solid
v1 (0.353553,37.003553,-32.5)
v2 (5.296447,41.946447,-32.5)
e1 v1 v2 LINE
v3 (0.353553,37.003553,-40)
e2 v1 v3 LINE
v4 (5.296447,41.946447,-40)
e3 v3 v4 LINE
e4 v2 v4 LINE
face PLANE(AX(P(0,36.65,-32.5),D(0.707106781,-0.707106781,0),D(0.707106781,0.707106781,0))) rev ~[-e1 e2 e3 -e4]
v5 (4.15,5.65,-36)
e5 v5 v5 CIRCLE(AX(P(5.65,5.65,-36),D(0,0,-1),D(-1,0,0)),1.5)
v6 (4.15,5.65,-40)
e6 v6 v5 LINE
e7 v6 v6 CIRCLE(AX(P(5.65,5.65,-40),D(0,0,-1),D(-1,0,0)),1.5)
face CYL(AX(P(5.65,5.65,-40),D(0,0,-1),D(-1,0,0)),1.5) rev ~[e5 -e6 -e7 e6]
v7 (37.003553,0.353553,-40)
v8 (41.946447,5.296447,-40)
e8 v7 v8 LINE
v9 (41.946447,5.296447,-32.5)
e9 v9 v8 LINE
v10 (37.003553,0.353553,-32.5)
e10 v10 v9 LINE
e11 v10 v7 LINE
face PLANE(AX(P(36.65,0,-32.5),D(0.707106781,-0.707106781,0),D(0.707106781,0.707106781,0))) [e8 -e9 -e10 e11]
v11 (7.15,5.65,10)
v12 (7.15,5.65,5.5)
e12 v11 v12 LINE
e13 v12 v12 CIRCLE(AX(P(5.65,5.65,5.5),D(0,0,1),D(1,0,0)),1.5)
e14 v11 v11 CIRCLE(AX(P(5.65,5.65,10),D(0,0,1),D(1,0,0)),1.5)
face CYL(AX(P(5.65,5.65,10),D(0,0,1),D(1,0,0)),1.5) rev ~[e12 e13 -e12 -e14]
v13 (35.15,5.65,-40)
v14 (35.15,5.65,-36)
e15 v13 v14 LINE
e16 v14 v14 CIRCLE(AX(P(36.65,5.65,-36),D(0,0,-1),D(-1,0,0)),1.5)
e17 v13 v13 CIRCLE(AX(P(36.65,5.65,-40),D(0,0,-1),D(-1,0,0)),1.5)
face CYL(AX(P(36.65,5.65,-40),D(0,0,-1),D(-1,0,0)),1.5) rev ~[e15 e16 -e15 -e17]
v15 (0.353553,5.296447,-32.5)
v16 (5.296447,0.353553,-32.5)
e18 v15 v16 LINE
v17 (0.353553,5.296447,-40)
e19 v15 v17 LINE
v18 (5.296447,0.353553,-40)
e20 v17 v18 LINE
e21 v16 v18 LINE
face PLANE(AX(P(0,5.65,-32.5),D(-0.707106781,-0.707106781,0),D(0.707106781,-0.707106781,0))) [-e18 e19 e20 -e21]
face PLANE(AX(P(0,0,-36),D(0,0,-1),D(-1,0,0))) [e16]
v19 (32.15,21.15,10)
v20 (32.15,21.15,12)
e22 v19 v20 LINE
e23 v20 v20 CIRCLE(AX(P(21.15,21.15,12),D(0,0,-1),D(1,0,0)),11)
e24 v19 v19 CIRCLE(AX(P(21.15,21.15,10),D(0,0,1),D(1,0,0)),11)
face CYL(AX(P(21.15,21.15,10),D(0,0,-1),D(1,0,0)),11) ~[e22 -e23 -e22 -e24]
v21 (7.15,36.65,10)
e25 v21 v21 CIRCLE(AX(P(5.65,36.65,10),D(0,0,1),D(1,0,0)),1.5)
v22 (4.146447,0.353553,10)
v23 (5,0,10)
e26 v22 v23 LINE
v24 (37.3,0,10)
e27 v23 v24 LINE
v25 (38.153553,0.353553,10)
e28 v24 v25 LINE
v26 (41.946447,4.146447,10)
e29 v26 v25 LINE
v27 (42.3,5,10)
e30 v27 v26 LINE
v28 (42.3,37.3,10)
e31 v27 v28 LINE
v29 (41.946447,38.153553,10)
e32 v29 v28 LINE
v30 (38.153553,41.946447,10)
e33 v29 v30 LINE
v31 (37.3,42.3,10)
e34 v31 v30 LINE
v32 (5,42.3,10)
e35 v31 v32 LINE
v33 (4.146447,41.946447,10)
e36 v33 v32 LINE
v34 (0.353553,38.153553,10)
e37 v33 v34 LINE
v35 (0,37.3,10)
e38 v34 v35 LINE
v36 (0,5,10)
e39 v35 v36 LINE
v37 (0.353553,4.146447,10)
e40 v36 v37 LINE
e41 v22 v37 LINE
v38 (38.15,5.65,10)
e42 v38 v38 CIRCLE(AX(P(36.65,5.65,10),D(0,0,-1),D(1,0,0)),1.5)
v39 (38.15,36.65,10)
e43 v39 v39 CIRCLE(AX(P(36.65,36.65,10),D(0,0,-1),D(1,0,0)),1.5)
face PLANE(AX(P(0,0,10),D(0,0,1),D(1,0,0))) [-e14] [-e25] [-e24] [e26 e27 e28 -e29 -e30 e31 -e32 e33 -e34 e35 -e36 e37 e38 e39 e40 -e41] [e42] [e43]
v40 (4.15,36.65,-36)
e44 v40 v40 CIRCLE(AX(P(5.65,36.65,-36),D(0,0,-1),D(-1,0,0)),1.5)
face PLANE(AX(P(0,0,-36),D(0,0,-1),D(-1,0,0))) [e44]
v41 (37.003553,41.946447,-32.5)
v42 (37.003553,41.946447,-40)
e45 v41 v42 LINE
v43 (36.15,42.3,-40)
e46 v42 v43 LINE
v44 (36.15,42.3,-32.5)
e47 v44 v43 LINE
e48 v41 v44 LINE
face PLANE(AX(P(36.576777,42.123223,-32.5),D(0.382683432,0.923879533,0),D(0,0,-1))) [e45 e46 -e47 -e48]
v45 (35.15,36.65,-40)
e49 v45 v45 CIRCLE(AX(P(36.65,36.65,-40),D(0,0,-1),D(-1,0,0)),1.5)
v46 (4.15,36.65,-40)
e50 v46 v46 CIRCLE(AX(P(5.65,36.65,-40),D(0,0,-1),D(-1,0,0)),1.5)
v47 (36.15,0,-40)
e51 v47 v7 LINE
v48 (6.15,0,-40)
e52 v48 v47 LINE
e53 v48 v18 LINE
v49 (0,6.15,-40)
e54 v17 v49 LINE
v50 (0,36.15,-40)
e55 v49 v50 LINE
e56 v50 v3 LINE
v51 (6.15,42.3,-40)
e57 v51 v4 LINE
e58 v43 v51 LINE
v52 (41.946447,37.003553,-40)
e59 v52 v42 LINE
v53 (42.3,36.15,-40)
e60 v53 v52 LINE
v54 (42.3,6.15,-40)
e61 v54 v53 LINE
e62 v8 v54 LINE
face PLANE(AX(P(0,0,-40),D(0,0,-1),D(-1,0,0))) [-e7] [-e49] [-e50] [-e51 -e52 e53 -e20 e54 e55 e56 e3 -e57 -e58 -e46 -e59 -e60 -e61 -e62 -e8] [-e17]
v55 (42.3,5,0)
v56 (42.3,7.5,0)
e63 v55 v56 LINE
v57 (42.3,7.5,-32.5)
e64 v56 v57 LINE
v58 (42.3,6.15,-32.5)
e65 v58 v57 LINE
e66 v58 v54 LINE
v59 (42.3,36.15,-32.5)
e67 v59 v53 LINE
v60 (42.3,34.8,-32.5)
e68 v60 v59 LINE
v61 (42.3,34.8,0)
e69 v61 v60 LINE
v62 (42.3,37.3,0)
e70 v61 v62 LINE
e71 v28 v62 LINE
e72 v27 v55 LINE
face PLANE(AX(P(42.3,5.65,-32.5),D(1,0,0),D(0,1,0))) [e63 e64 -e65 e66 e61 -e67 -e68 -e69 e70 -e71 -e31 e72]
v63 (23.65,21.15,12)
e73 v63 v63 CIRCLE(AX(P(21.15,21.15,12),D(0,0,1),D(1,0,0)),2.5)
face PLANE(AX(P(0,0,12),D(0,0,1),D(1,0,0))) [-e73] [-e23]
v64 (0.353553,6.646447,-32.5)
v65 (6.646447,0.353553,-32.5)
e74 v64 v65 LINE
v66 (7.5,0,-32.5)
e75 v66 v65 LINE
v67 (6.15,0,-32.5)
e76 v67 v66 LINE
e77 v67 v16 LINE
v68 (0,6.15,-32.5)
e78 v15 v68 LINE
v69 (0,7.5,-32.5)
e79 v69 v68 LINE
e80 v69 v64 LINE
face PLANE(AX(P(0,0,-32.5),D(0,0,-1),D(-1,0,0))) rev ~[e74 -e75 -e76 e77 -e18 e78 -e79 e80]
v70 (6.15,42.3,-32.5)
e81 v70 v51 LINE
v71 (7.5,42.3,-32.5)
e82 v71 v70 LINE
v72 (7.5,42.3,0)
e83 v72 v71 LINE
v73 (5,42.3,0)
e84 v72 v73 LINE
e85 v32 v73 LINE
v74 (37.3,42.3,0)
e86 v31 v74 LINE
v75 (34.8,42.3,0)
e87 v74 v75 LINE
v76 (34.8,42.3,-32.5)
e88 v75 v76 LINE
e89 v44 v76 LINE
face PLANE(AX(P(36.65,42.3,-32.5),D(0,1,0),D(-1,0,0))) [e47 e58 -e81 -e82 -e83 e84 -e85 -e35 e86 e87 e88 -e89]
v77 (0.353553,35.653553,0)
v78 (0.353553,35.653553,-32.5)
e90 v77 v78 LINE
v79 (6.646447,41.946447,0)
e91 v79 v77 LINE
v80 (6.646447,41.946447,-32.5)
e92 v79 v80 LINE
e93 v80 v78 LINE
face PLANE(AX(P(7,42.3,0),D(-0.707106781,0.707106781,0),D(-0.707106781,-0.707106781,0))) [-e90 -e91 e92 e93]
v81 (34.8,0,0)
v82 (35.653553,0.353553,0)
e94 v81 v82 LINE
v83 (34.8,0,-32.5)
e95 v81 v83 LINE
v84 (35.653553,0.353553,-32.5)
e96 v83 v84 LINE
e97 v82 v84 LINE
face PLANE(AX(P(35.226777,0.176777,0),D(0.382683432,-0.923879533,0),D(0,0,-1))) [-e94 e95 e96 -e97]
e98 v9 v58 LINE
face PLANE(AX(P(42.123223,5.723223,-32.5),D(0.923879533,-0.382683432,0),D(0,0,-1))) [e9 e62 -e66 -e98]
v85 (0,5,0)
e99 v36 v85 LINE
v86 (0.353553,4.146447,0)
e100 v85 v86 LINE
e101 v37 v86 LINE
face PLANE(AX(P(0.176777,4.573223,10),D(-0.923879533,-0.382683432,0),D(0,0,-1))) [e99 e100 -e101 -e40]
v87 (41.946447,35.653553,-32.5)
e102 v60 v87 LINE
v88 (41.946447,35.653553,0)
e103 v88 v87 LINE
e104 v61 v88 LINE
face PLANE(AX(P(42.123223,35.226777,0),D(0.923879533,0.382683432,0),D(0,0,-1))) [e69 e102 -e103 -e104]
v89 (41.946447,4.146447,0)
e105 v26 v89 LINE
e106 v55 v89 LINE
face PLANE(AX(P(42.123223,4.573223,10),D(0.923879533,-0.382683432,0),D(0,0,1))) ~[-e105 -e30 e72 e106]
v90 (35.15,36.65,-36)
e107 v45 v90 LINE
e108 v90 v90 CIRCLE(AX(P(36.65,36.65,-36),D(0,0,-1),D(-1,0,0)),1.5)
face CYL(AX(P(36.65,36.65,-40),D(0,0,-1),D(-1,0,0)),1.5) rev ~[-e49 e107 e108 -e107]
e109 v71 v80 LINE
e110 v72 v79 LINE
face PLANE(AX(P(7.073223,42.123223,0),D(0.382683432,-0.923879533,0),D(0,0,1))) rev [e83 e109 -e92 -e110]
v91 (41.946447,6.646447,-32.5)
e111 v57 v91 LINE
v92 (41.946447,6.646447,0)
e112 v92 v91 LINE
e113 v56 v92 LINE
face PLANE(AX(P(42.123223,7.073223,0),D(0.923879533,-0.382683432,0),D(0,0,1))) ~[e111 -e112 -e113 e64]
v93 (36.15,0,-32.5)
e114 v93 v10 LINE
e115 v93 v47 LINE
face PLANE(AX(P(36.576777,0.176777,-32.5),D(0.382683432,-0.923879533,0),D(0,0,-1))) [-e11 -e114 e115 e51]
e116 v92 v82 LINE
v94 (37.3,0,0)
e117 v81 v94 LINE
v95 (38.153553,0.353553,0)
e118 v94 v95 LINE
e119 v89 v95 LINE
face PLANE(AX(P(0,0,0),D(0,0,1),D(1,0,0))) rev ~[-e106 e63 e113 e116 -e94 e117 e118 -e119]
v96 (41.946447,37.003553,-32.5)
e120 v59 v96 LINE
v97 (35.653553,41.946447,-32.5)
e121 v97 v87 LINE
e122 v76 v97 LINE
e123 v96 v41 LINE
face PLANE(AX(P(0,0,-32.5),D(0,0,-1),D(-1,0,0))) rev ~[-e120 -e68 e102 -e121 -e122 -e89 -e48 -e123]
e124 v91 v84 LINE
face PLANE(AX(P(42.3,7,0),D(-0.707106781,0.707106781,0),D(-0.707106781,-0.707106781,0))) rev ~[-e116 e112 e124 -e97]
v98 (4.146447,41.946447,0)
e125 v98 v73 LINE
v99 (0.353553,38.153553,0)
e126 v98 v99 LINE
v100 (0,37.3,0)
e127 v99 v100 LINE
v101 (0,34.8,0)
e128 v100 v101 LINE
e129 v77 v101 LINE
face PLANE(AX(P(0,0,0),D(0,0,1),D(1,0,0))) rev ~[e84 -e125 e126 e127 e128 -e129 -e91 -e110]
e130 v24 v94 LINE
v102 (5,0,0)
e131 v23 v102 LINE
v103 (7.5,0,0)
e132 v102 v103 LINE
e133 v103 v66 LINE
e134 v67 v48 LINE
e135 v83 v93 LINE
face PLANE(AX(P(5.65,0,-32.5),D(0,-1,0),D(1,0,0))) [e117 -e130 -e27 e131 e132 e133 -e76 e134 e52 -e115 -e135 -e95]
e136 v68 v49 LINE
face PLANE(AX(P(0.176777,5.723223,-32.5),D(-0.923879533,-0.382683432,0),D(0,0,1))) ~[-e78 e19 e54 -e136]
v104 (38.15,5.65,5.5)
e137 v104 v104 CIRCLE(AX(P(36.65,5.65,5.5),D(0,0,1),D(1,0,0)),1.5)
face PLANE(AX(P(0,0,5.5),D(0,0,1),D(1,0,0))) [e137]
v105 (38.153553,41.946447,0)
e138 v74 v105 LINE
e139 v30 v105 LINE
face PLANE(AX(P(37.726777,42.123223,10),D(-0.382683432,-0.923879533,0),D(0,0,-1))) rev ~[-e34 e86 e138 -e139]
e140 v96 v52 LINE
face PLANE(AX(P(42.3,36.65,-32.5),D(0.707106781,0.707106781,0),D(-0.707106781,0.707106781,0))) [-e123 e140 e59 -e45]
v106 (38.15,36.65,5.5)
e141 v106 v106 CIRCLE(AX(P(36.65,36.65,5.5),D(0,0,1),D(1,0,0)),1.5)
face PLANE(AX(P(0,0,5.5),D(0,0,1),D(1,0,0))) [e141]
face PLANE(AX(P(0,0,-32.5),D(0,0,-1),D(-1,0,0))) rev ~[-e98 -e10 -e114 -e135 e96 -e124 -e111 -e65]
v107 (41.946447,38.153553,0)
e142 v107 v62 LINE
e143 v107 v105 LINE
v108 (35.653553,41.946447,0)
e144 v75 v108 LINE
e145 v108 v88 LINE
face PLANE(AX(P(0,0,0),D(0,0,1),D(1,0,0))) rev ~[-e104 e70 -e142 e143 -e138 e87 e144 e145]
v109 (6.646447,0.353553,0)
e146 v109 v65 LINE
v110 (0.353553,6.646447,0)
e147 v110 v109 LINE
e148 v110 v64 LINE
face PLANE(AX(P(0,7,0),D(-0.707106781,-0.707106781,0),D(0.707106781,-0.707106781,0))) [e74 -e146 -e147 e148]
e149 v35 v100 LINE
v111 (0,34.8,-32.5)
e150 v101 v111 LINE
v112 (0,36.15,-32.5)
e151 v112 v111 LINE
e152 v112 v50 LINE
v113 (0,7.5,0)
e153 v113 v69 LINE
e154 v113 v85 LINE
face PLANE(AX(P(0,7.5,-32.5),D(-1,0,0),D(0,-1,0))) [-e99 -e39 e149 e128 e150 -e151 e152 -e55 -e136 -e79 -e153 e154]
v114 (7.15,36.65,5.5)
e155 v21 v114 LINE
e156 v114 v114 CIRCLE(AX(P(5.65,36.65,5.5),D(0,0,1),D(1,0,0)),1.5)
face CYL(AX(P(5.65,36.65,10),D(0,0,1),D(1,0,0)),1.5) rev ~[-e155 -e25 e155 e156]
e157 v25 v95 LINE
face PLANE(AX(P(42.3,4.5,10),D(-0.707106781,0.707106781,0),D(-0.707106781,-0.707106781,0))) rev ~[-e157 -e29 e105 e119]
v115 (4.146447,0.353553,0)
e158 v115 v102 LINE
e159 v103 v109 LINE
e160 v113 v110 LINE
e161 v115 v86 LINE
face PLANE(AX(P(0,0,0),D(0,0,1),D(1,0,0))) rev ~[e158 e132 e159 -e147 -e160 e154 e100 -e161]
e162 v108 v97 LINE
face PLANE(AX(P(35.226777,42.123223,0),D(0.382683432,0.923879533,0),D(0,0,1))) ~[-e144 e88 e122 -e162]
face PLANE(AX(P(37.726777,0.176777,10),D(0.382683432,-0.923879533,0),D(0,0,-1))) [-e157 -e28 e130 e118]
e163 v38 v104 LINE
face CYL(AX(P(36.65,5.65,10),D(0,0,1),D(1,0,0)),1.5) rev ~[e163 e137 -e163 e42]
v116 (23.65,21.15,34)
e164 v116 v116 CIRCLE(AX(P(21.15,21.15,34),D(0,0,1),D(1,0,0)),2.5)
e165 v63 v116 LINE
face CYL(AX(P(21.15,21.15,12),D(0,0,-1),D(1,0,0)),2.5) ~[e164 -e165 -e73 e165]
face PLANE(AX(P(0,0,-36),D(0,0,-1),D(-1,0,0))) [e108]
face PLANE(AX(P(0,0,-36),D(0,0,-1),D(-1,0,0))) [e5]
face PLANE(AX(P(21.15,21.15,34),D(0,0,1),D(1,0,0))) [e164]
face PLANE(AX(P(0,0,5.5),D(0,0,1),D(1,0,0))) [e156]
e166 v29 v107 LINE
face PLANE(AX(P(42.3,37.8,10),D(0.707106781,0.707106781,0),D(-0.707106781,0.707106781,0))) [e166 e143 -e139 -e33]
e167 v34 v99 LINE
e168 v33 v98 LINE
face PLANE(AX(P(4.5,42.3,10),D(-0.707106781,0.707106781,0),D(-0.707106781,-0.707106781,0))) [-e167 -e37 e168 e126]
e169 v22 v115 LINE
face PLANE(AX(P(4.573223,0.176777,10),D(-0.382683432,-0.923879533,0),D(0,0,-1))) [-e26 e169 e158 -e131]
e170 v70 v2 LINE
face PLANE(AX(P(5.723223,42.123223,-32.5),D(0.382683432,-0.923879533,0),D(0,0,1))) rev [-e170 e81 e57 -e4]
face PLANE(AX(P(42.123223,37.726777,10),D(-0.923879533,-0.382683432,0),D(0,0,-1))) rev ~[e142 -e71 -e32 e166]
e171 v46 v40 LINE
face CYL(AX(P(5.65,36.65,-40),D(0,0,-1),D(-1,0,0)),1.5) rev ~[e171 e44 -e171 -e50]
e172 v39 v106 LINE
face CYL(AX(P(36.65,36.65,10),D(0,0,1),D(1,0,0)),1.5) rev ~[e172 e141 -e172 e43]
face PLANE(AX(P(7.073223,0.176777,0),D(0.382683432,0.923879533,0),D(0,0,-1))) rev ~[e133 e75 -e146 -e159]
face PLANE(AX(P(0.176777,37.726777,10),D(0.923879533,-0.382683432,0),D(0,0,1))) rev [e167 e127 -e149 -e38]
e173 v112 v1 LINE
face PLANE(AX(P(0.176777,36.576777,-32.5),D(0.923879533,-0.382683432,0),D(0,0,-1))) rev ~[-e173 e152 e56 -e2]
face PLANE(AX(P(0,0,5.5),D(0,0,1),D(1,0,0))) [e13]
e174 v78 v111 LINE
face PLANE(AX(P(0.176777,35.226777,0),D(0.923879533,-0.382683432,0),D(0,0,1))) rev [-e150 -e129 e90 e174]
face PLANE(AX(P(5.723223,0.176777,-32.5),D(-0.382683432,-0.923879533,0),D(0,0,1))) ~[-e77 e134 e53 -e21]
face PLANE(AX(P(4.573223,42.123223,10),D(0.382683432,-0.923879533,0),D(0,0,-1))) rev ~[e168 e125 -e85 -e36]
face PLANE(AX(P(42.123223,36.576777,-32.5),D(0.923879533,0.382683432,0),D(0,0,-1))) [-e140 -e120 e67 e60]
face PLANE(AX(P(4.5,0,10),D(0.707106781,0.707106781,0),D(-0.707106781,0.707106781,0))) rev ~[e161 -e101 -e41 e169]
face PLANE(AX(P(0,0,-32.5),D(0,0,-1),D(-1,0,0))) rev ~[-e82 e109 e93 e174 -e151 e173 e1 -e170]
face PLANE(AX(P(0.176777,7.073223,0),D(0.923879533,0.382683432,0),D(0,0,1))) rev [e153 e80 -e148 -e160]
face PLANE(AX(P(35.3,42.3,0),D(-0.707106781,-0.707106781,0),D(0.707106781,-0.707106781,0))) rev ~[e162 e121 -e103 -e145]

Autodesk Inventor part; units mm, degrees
ref_plane "YZ Plane" through (0, 0, 0) normal (1, 0, 0) x (0, 1, 0)
ref_plane "XZ Plane" through (0, 0, 0) normal (0, 1, 0) x (-1, 0, 0)
ref_plane "XY Plane" through (0, 0, 0) normal (0, 0, 1) x (1, 0, 0)
sketch "Эскиз1" plane through (0, 0, 0) normal (0, 0, 1) x (1, 0, 0)
  line L0 (0, 0) -> (42.3, 0)
  line L1 (42.3, 0) -> (42.3, 42.3)
  line L2 (42.3, 42.3) -> (0, 42.3)
  line L3 (0, 42.3) -> (0, 0)
  dimension "d0" = 42.3
  dimension "d1" = 42.3
extrude "Выдавливание1" add sketch "Эскиз1" along normal blind 10
sketch "Эскиз2" plane through (0, 0, 10) normal (0, 0, 1) x (1, 0, 0)
  circle A0 centre (5.65, 5.65) radius 1.5
  circle A1 centre (5.65, 36.65) radius 1.5
  line L0 (0, 0) -> (42.3, 0) projected
  line L1 (42.3, 0) -> (42.3, 42.3) projected
  line L2 (36.65, 5.65) -> (36.65, 36.65)
  circle A2 centre (36.65, 36.65) radius 1.5
  circle A3 centre (36.65, 5.65) radius 1.5
  point P0 (0, 42.3)
  dimension "d6" = 3
  dimension "d7" = 3
  dimension "d12" = 31
  dimension "d13" = 3
  dimension "d14" = 3
extrude "Выдавливание2" cut sketch "Эскиз2" against normal blind 4.5
thread "Резьба1" size "M3x0.5" class "6H" standard "ANSI Metric M Profile" full length
thread "Резьба2" size "M3x0.5" class "6H" standard "ANSI Metric M Profile" full length
thread "Резьба3" size "M3x0.5" class "6H" standard "ANSI Metric M Profile" full length
thread "Резьба4" size "M3x0.5" class "6H" standard "ANSI Metric M Profile" full length
sketch "Эскиз3" plane through (0, 0, 10) normal (0, 0, 1) x (1, 0, 0)
  line L0 (0, 42.3) -> (0, 0) projected
  line L1 (0, 42.3) -> (0, 37.8)
  line L2 (0, 0) -> (42.3, 0) projected
  line L3 (0, 0) -> (0, 4.5)
  line L4 (0, 0) -> (4.5, 0)
  line L5 (4.5, 0) -> (0, 4.5)
  line L6 (42.3, 42.3) -> (0, 42.3) projected
  line L7 (0, 42.3) -> (4.5, 42.3)
  line L8 (4.5, 42.3) -> (0, 37.8)
  line L9 (42.3, 42.3) -> (37.8, 42.3)
  line L10 (42.3, 0) -> (42.3, 42.3) projected
  line L11 (42.3, 42.3) -> (42.3, 37.8)
  line L12 (42.3, 37.8) -> (37.8, 42.3)
  line L13 (42.3, 0) -> (37.8, 0)
  line L14 (42.3, 0) -> (42.3, 4.5)
  line L15 (42.3, 4.5) -> (37.8, 0)
  dimension "d27" = 4.5
  dimension "d28" = 4.5
  dimension "d29" = 4.5
  dimension "d30" = 4.5
  dimension "d31" = 4.5
  dimension "d32" = 4.5
extrude "Выдавливание3" cut sketch "Эскиз3" against normal blind 10 contours L6 L8 L0 | L5 L2 L0 | L6 L10 L12 | L15 L10 L2
chamfer "Фаска1" distance 0.5 angle 45 1 edges at (4.5, 42.3, 5)
chamfer "Фаска2" distance 0.5 angle 45 7 edges at (0, 37.8, 5) (37.8, 42.3, 5) (42.3, 37.8, 5) (42.3, 4.5, 5) (37.8, 0, 5) (4.5, 0, 5) (0, 4.5, 5)
sketch "Эскиз5" plane through (0, 0, 0) normal (0, 0, -1) x (-1, 0, 0)
  line L0 (0, 0) -> (-42.3, 0)
  line L1 (-42.3, 0) -> (-42.3, 42.3)
  line L2 (-42.3, 42.3) -> (0, 42.3)
  line L3 (0, 42.3) -> (0, 0)
  line L4 (-42.3, 42.3) -> (-42.3, 35.3)
  line L5 (-42.3, 5) -> (-42.3, 37.3) projected
  line L6 (-42.3, 42.3) -> (-35.3, 42.3)
  line L7 (-37.3, 42.3) -> (-5, 42.3) projected
  line L8 (-35.3, 42.3) -> (-42.3, 35.3)
  line L9 (-42.3, 0) -> (-35.3, 0)
  line L10 (-42.3, 0) -> (-42.3, 7)
  line L11 (-42.3, 7) -> (-35.3, 0)
  line L12 (0, 0) -> (-7, 0)
  line L13 (-5, 0) -> (-37.3, 0) projected
  line L14 (0, 0) -> (0, 7)
  line L15 (0, 7) -> (-7, 0)
  line L16 (0, 42.3) -> (-7, 42.3)
  line L17 (-7, 42.3) -> (0, 35.3)
  line L18 (0, 37.3) -> (0, 5) projected
  dimension "d41" = 42.3
  dimension "d42" = 42.3
  dimension "d43" = 7
  dimension "d44" = 7
  dimension "d45" = 7
  dimension "d46" = 7
  dimension "d47" = 7
  dimension "d48" = 7
  dimension "d49" = 7
extrude "Выдавливание4" add sketch "Эскиз5" along normal blind 32.5 contours L0 L11 L1 L8 L2 L17 L3 L15
chamfer "Фаска3" distance 0.5 angle 45 8 edges at (0, 35.3, -16.25) (7, 42.3, -16.25) (0, 7, -16.25) (7, 0, -16.25) (42.3, 35.3, -16.25) (35.3, 42.3, -16.25) (42.3, 7, -16.25) (35.3, 0, -16.25)
sketch "Эскиз10" plane through (0, 0, -32.5) normal (0, 0, -1) x (-1, 0, 0)
  line L0 (0, 0) -> (-42.3, 0)
  line L1 (-42.3, 0) -> (-42.3, 42.3)
  line L2 (-42.3, 42.3) -> (0, 42.3)
  line L3 (0, 42.3) -> (0, 0)
  line L4 (-42.3, 42.3) -> (-36.65, 42.3)
  line L5 (-42.3, 42.3) -> (-42.3, 36.65)
  line L6 (-42.3, 36.65) -> (-36.65, 42.3)
  line L7 (0, 42.3) -> (-5.65, 42.3)
  line L8 (0, 42.3) -> (0, 36.65)
  line L9 (0, 36.65) -> (-5.65, 42.3)
  line L10 (-37.3, 42.3) -> (-5, 42.3) projected
  line L11 (0, 0) -> (-5.65, 0)
  line L12 (0, 0) -> (0, 5.65)
  line L13 (0, 7.5) -> (0, 5) projected
  line L14 (0, 5.65) -> (-5.65, 0)
  line L15 (-42.3, 0) -> (-42.3, 5.65)
  line L16 (-42.3, 0) -> (-36.65, 0)
  line L17 (-35.6536, 0.3536) -> (-41.9464, 6.6464) projected
  line L18 (-36.65, 0) -> (-42.3, 5.65)
  dimension "d57" = 42.3
  dimension "d58" = 42.3
  dimension "d59" = 5.65
  dimension "d60" = 5.65
  dimension "d61" = 5.65
  dimension "d62" = 5.65
  dimension "d63" = 5.65
  dimension "d64" = 5.65
  dimension "d65" = 5.65
  dimension "d66" = 5.65
extrude "Выдавливание5" add sketch "Эскиз10" along normal blind 7.5 contours L0 L18 L1 L6 L2 L9 L3 L14
chamfer "Фаска4" distance 0.5 angle 45 8 edges at (0, 36.65, -36.25) (5.65, 42.3, -36.25) (0, 5.65, -36.25) (5.65, 0, -36.25) (36.65, 0, -36.25) (42.3, 5.65, -36.25) (36.65, 42.3, -36.25) (42.3, 36.65, -36.25)
sketch "Эскиз11" plane through (0, 0, -40) normal (0, 0, -1) x (-1, 0, 0)
  circle A0 centre (-5.65, 5.65) radius 1.5 projected
  circle A1 centre (-5.65, 5.65) radius 1.5
  circle A2 centre (-36.65, 5.65) radius 1.5 projected
  circle A3 centre (-36.65, 5.65) radius 1.5
  circle A4 centre (-36.65, 36.65) radius 1.5 projected
  circle A5 centre (-36.65, 36.65) radius 1.5
  circle A6 centre (-5.65, 36.65) radius 1.5 projected
  circle A7 centre (-5.65, 36.65) radius 1.5
  point P0 (0, 0)
extrude "Выдавливание6" cut sketch "Эскиз11" against normal blind 4
thread "Резьба5" size "M3x0.5" class "6H" standard "ANSI Metric M Profile" full length
thread "Резьба6" size "M3x0.5" class "6H" standard "ANSI Metric M Profile" full length
thread "Резьба7" size "M3x0.5" class "6H" standard "ANSI Metric M Profile" full length
thread "Резьба8" size "M3x0.5" class "6H" standard "ANSI Metric M Profile" full length
sketch "Эскиз12" plane through (0, 0, 10) normal (0, 0, 1) x (1, 0, 0)
  line L0 (0, 0) -> (42.3, 0)
  line L1 (42.3, 0) -> (42.3, 42.3)
  line L2 (42.3, 42.3) -> (0, 42.3)
  line L3 (0, 42.3) -> (0, 0)
  line L4 (0, 42.3) -> (42.3, 0)
  line L5 (0, 0) -> (42.3, 42.3)
  circle A0 centre (21.15, 21.15) radius 11
  dimension "d82" = 42.3
  dimension "d83" = 42.3
  dimension "d84" = 22
extrude "Выдавливание7" add sketch "Эскиз12" along normal blind 2 contours A0 L4 L5 | L5 L4 A0 | L4 L5 A0 | A0 L5 L4
sketch "Эскиз13" plane through (21.15, 21.15, 12) normal (0, 0, 1) x (1, 0, 0)
  circle A0 centre (0, 0) radius 2.5
  point P0 (-21.15, -21.15)
  dimension "d87" = 5
extrude "Выдавливание8" add sketch "Эскиз13" along normal blind 22
properties part number "Nema17"
